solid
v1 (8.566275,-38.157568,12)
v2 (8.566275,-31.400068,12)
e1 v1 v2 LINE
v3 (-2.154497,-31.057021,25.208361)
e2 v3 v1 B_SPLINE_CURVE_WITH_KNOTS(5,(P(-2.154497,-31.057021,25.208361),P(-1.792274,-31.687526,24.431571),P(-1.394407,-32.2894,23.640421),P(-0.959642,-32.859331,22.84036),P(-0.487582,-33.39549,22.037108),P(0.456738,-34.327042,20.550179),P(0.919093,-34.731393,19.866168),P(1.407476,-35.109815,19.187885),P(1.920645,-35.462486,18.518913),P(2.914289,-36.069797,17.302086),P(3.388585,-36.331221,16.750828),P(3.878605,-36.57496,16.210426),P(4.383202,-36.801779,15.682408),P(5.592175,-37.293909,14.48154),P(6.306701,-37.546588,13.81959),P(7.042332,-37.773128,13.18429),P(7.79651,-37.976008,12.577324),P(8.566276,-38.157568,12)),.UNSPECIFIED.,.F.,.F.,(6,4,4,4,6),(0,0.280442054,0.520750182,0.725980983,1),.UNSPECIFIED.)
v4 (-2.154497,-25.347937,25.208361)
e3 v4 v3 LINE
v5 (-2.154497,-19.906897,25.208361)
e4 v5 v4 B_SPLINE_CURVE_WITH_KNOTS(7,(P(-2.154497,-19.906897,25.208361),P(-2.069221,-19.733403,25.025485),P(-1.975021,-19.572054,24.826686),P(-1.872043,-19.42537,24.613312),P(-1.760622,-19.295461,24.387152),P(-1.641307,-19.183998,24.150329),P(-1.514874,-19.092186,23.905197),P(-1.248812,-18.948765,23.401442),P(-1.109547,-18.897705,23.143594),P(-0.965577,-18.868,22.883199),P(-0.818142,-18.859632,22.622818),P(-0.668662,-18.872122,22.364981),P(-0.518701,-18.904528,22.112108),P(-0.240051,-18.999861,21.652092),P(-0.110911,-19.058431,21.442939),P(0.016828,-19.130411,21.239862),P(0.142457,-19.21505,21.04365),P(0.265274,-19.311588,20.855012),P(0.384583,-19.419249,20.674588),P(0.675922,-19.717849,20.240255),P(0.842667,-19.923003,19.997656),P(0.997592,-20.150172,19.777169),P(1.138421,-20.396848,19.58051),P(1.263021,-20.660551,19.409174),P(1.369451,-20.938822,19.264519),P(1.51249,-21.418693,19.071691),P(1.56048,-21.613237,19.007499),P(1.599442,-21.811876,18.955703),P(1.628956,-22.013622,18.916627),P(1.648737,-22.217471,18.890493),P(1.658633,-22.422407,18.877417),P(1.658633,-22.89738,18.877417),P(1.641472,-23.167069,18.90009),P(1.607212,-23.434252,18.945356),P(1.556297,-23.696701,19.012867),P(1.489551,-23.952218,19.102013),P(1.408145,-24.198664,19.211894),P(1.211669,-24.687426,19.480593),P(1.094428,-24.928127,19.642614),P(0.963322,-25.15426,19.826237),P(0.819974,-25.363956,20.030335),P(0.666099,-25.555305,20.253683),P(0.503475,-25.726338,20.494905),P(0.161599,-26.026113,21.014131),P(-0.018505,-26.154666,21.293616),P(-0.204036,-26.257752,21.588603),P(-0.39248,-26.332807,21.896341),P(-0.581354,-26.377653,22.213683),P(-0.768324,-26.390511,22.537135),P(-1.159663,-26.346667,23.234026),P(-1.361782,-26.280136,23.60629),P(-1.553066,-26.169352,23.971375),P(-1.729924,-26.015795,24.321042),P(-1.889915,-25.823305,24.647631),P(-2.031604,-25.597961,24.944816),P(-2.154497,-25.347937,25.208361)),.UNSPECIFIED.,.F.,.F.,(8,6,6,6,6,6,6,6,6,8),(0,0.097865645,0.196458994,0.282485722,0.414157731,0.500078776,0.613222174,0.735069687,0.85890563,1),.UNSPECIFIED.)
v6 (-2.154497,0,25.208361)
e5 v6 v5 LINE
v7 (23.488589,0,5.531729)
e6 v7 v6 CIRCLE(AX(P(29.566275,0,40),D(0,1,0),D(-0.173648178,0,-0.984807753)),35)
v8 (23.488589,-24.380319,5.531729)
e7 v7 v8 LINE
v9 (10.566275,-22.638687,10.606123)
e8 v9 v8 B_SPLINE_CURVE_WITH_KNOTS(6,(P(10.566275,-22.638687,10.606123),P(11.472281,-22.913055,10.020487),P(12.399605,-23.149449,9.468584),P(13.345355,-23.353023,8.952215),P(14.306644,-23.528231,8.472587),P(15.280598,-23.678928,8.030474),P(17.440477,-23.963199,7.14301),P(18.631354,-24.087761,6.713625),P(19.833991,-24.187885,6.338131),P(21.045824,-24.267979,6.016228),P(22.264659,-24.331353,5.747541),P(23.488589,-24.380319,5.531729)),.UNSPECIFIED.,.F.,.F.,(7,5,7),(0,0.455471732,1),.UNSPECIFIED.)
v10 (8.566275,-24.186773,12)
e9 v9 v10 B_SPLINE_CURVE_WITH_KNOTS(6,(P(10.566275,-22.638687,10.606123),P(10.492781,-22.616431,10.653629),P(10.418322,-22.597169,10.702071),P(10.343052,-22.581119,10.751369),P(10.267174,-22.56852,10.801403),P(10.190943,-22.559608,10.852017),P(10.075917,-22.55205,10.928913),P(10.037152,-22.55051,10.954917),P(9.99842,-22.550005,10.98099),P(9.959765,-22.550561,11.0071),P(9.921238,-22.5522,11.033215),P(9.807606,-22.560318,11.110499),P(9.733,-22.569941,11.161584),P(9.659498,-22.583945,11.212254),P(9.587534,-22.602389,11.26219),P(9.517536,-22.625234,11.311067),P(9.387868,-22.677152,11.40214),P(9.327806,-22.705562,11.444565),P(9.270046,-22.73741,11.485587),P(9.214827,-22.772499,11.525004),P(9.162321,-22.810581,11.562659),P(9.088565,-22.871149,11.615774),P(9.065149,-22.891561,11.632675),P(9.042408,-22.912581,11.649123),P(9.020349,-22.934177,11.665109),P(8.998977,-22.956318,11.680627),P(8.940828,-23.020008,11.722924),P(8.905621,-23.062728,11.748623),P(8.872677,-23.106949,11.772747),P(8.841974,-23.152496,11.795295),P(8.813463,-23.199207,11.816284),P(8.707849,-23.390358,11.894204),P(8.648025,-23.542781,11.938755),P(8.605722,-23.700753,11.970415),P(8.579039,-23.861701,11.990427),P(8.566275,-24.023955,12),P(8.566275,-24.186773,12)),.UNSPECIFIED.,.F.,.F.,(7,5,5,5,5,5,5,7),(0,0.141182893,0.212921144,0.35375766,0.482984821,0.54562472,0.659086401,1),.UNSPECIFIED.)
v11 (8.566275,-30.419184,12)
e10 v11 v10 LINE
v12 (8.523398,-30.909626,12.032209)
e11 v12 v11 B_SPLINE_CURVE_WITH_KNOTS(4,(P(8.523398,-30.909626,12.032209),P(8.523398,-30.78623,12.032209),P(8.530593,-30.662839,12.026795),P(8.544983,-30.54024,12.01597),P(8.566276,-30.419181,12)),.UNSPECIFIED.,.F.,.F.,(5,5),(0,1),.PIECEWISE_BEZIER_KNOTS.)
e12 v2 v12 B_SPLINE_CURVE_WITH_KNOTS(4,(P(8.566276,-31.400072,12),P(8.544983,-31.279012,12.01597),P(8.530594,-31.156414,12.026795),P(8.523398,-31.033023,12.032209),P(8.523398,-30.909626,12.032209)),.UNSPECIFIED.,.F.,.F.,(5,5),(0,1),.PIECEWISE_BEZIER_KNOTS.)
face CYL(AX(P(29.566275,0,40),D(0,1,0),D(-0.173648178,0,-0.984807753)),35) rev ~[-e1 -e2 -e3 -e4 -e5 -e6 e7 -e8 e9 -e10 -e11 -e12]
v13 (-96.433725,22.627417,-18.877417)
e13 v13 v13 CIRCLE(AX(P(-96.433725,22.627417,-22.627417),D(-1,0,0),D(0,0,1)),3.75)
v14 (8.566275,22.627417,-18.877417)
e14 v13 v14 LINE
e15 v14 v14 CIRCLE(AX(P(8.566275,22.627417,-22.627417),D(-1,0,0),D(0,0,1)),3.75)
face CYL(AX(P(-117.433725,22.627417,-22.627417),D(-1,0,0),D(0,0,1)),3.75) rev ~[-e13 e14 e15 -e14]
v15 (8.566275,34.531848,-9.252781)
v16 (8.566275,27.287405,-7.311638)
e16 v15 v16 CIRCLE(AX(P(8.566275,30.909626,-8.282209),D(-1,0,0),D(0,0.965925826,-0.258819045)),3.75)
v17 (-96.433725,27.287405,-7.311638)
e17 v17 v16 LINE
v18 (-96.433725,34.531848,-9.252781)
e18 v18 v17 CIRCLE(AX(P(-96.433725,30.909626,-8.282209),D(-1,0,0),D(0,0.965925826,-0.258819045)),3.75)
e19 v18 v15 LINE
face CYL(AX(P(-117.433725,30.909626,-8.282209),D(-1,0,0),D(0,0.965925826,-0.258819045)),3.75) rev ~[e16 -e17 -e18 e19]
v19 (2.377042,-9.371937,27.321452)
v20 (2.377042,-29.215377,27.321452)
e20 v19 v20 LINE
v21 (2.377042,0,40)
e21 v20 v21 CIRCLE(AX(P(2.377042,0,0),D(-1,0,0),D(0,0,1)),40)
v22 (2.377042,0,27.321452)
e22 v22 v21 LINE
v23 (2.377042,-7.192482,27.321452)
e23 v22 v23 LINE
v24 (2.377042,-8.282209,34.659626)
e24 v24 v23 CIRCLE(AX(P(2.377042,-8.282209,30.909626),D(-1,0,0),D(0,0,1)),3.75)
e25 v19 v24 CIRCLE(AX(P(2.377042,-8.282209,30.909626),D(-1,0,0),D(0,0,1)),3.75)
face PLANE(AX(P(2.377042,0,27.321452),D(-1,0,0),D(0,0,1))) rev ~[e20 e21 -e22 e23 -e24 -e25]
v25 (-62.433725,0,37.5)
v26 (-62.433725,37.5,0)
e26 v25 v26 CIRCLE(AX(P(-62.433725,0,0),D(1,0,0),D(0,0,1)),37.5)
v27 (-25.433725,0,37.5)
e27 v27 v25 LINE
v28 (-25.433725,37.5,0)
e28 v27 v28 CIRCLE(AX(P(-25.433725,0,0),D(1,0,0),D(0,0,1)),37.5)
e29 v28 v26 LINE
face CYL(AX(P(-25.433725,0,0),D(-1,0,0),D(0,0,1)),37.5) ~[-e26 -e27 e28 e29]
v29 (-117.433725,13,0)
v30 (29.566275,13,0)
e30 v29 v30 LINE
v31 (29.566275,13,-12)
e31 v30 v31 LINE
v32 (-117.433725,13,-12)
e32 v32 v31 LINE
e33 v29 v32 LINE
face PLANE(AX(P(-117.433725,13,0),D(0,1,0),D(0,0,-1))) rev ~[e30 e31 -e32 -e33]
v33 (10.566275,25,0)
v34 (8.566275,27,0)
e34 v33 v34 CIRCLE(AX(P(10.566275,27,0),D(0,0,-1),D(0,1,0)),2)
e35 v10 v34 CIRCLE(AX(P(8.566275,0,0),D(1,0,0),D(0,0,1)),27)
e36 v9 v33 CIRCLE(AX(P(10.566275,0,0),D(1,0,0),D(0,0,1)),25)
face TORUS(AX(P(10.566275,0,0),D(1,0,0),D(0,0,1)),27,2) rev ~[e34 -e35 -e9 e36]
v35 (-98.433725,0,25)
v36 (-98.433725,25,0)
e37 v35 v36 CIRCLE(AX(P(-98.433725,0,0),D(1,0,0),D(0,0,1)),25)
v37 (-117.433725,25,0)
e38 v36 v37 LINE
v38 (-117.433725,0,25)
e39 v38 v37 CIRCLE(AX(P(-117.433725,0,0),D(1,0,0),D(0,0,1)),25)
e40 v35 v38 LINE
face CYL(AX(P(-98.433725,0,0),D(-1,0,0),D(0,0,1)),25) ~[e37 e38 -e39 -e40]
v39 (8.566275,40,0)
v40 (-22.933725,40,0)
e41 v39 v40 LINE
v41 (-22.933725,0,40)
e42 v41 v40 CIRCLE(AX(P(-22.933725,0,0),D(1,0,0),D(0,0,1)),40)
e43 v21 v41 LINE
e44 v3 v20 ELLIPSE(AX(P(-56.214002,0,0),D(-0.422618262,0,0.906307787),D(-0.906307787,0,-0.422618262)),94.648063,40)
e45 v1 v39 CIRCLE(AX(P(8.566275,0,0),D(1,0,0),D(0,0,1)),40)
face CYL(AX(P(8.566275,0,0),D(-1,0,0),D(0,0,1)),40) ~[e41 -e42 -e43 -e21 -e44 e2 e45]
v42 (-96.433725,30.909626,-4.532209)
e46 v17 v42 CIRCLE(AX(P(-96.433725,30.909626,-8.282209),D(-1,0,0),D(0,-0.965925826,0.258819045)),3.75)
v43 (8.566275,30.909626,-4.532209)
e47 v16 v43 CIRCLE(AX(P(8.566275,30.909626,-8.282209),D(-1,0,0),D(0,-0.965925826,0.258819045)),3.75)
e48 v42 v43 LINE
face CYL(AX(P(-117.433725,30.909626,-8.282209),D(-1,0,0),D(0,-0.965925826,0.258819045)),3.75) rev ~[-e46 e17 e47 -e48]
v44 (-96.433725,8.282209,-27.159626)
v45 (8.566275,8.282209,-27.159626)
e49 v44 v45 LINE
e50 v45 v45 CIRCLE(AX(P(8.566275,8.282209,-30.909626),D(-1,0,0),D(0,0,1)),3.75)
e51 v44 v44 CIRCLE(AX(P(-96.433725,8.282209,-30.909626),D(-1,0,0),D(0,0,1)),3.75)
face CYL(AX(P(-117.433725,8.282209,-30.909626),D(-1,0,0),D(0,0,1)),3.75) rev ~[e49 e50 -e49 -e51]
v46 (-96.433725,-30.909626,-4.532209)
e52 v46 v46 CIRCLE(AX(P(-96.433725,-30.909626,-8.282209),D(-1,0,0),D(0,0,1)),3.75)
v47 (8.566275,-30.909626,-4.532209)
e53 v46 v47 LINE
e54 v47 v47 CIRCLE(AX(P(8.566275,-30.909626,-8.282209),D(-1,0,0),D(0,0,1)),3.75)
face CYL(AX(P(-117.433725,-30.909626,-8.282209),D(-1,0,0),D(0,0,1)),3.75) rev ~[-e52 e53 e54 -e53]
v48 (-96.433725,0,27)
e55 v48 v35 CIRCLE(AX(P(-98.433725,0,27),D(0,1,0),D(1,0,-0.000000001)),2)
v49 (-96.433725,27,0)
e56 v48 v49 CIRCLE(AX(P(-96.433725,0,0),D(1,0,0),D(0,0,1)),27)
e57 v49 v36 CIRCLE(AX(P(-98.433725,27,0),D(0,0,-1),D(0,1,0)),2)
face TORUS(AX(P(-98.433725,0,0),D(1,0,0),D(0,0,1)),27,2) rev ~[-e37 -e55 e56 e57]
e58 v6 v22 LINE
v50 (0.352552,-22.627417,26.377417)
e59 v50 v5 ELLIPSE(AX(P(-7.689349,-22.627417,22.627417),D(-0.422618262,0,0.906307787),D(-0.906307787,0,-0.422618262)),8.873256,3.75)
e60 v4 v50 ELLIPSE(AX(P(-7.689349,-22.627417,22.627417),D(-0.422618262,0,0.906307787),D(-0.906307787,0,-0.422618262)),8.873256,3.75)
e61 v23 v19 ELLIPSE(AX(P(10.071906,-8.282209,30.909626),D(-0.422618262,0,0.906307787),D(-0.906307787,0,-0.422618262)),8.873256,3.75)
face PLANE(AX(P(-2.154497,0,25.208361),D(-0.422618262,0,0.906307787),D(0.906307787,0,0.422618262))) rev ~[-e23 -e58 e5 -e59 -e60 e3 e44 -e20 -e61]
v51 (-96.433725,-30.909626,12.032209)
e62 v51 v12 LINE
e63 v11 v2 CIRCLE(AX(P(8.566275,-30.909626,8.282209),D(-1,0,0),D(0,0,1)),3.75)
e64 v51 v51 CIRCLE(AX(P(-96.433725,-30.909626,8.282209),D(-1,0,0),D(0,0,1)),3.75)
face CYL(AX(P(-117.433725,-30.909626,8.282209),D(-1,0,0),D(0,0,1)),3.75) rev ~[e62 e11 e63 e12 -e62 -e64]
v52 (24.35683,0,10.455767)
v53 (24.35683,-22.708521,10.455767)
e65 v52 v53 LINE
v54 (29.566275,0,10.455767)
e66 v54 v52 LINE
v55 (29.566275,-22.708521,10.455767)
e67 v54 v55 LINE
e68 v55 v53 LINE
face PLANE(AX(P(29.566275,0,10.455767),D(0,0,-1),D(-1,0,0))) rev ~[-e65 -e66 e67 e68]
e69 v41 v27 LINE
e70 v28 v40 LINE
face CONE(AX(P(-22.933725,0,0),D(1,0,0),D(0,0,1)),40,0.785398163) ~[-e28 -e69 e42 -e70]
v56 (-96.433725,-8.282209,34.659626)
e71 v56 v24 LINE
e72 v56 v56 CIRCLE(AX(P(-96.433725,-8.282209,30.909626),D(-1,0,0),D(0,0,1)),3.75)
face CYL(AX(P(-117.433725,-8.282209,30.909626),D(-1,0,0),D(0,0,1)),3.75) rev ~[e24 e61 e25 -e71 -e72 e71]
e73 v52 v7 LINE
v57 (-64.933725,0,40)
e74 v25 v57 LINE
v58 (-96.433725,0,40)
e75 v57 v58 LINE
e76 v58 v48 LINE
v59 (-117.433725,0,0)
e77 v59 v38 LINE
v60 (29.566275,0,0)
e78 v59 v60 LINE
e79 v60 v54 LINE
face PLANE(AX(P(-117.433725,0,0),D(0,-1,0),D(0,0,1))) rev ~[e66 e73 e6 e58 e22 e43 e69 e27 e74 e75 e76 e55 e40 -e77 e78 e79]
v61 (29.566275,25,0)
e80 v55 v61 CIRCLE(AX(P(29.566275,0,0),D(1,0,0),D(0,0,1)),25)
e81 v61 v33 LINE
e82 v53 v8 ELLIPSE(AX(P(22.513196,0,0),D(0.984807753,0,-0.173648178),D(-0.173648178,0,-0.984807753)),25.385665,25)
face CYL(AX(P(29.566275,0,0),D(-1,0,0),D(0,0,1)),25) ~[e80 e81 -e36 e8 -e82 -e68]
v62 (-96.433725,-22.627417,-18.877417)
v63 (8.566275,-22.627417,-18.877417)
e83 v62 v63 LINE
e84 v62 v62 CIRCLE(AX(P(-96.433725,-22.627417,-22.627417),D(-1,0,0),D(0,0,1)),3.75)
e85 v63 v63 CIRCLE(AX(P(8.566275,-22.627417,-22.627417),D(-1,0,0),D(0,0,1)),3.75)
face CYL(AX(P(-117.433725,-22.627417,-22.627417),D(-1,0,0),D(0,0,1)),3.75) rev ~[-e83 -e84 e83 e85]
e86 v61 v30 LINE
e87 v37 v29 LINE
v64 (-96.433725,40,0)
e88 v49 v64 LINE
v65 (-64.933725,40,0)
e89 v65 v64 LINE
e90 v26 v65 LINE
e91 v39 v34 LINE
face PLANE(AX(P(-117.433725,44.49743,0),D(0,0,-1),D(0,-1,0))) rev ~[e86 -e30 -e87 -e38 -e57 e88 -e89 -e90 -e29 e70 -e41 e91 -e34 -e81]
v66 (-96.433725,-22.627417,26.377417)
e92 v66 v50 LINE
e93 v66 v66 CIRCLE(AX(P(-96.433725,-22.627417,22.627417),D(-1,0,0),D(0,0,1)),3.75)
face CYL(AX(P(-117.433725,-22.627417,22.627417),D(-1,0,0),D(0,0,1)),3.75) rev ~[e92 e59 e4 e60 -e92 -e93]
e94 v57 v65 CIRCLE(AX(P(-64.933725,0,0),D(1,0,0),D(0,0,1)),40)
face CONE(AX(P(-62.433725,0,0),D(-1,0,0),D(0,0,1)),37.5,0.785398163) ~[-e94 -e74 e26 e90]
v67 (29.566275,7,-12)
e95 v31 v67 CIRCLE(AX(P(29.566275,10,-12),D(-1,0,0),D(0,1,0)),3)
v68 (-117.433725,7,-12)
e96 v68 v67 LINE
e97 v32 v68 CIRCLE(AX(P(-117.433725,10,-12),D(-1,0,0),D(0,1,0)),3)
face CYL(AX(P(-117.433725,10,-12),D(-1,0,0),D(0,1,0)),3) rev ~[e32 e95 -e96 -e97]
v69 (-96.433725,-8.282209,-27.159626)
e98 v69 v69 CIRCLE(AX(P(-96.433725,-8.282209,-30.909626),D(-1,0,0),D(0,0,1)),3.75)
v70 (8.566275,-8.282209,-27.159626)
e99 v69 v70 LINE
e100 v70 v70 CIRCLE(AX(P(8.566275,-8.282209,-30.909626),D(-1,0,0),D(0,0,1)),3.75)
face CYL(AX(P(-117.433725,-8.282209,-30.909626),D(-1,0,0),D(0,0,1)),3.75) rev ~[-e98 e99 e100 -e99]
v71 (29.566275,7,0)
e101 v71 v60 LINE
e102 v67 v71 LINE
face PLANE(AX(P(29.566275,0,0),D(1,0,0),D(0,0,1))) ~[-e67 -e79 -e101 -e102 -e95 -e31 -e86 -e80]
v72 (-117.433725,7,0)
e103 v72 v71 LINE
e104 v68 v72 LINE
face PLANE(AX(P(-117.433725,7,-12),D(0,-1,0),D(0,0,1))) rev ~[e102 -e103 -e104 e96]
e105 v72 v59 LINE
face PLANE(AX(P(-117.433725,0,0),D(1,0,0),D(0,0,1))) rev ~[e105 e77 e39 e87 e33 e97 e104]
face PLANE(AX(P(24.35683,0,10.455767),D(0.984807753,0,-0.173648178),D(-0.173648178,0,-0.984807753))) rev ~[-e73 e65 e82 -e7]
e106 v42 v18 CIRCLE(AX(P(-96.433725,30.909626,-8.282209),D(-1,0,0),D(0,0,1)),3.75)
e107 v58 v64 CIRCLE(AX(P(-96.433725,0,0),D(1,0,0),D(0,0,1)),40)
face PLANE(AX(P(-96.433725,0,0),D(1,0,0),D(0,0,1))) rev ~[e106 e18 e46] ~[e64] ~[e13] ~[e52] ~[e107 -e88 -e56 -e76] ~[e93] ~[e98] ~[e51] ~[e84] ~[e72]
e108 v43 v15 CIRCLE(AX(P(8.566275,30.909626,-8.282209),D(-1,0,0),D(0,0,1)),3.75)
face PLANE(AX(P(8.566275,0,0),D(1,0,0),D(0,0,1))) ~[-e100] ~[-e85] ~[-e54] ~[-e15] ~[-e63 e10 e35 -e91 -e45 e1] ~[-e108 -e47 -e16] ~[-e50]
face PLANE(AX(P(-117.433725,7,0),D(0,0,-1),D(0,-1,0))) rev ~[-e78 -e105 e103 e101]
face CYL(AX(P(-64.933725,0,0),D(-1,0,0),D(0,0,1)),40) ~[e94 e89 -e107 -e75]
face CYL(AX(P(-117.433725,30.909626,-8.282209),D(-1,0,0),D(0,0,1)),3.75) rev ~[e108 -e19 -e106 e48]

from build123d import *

# Parameters (mm, degrees)
ENL_V_MAT_EXTRU_1_DEPTH = 158.508729917
ESQUISSE3_R             = 3.75
ENL_V_MAT_EXTRU_2_DEPTH = 158.508729917
ENL_V_MAT_EXTRU_3_DEPTH = 131.348301481


with BuildPart() as part:
    # Esquisse1 → Révolution1 (revolve)
    with BuildSketch(Plane.XY, mode=Mode.PRIVATE) as r_volution1_sk:
        with BuildLine():
            Line((0, 0), (29.566275292, 0))
            Line((29.566275292, 0), (29.566275292, 25))
            Line((29.566275292, 25), (10.566275292, 25))
            ThreePointArc((10.566275292, 25), (9.152061729, 25.585786438), (8.566275292, 27))
            Line((8.566275292, 27), (8.566275292, 40))
            Line((8.566275292, 40), (-22.933724708, 40))
            Line((-22.933724708, 40), (-25.433724708, 37.5))
            Line((-25.433724708, 37.5), (-62.433724708, 37.5))
            Line((-62.433724708, 37.5), (-64.933724708, 40))
            Line((-64.933724708, 40), (-96.433724708, 40))
            Line((-96.433724708, 40), (-96.433724708, 27))
            ThreePointArc((-96.433724708, 27), (-97.019511146, 25.585786438), (-98.433724708, 25))
            Line((-98.433724708, 25), (-117.433724708, 25))
            Line((-117.433724708, 25), (-117.433724708, 0))
            Line((-117.433724708, 0), (0, 0))
        make_face()
    revolve(r_volution1_sk.sketch.rotate(Axis((-130.768922499, 0, 0), (1, 0, 0)), 90), axis=Axis((-130.768922499, 0, 0), (1, 0, 0)))

    # Esquisse2 → Enlèv. mat.-Extru.1 (cut, through all)
    with BuildSketch(Plane.ZY.offset(117.433724708)):
        with BuildLine():
            Line((0, 7), (0, 0))
            Line((0, 0), (43.449782835, 0))
            Line((43.449782835, 0), (43.449782835, 44.497429883))
            Line((43.449782835, 44.497429883), (0, 44.497429883))
            Line((0, 44.497429883), (0, 13))
            ThreePointArc((0, 13), (3, 10), (0, 7))
        make_face()
        with BuildLine():
            Line((-12, 7), (0, 7))
            ThreePointArc((0, 7), (3, 10), (0, 13))
            Line((0, 13), (-12, 13))
            ThreePointArc((-12, 13), (-15, 10), (-12, 7))
        make_face()
    extrude(amount=-ENL_V_MAT_EXTRU_1_DEPTH, mode=Mode.SUBTRACT)

    # Esquisse3 → Enlèv. mat.-Extru.2 (cut, through all)
    with BuildSketch(Plane.ZY.offset(117.433724708)):
        with BuildLine():
            ThreePointArc((-9.252780862, 34.53184829), (-11.904431292, 29.939055022), (-7.311638024, 27.287404593))
            Line((-7.311638024, 27.287404593), (-9.252780862, 34.53184829))
        make_face()
        with BuildLine():
            Line((-9.252780862, 34.53184829), (-7.311638024, 27.287404593))
            ThreePointArc((-7.311638024, 27.287404593), (-5.307134417, 28.626771082), (-4.532209443, 30.909626441))
            ThreePointArc((-4.532209443, 30.909626441), (-5.999354084, 33.884701467), (-9.252780862, 34.53184829))
        make_face()
        with Locations((-22.627416998, 22.627416998)):
            Circle(ESQUISSE3_R)
        with Locations((-30.909626441, 8.282209443)):
            Circle(ESQUISSE3_R)
        with Locations((-30.909626441, -8.282209443)):
            Circle(ESQUISSE3_R)
        with Locations((-22.627416998, -22.627416998)):
            Circle(ESQUISSE3_R)
        with Locations((-8.282209443, -30.909626441)):
            Circle(ESQUISSE3_R)
        with Locations((8.282209443, -30.909626441)):
            Circle(ESQUISSE3_R)
        with Locations((22.627416998, -22.627416998)):
            Circle(ESQUISSE3_R)
        with Locations((30.909626441, -8.282209443)):
            Circle(ESQUISSE3_R)
    extrude(amount=-ENL_V_MAT_EXTRU_2_DEPTH, mode=Mode.SUBTRACT)

    # Esquisse4 → Enlèv. mat.-Extru.3 (cut, through all)
    with BuildSketch(Plane(origin=(0, 0, 0), x_dir=(1, 0, 0), z_dir=(0, 1, 0))):
        Polygon((8.566275292, -30.207539179), (2.377041681, -27.321452148), (2.377041681, -40), (8.566275292, -40), align=None)
        with BuildLine():
            Line((26.921370581, -25), (24.356829962, -10.45576741))
            ThreePointArc((24.356829962, -10.45576741), (11.303432421, -16.199399791), (2.377041681, -27.321452148))
            Line((2.377041681, -27.321452148), (8.566275292, -30.207539179))
            Line((8.566275292, -30.207539179), (8.566275292, -27))
            ThreePointArc((8.566275292, -27), (9.152061729, -25.585786438), (10.566275292, -25))
            Line((10.566275292, -25), (26.921370581, -25))
        make_face()
        with BuildLine():
            ThreePointArc((2.377041681, -27.321452148), (11.303432421, -16.199399791), (24.356829962, -10.45576741))
            Line((24.356829962, -10.45576741), (23.488589073, -5.531728645))
            ThreePointArc((23.488589073, -5.531728645), (8.259625276, -12.23263309), (-2.154497255, -25.208360839))
            Line((-2.154497255, -25.208360839), (2.377041681, -27.321452148))
        make_face()
        Polygon((29.566275292, -10.45576741), (24.356829962, -10.45576741), (26.921370581, -25), (29.566275292, -25), align=None)
    extrude(amount=-ENL_V_MAT_EXTRU_3_DEPTH, mode=Mode.SUBTRACT)


solid = part.part
